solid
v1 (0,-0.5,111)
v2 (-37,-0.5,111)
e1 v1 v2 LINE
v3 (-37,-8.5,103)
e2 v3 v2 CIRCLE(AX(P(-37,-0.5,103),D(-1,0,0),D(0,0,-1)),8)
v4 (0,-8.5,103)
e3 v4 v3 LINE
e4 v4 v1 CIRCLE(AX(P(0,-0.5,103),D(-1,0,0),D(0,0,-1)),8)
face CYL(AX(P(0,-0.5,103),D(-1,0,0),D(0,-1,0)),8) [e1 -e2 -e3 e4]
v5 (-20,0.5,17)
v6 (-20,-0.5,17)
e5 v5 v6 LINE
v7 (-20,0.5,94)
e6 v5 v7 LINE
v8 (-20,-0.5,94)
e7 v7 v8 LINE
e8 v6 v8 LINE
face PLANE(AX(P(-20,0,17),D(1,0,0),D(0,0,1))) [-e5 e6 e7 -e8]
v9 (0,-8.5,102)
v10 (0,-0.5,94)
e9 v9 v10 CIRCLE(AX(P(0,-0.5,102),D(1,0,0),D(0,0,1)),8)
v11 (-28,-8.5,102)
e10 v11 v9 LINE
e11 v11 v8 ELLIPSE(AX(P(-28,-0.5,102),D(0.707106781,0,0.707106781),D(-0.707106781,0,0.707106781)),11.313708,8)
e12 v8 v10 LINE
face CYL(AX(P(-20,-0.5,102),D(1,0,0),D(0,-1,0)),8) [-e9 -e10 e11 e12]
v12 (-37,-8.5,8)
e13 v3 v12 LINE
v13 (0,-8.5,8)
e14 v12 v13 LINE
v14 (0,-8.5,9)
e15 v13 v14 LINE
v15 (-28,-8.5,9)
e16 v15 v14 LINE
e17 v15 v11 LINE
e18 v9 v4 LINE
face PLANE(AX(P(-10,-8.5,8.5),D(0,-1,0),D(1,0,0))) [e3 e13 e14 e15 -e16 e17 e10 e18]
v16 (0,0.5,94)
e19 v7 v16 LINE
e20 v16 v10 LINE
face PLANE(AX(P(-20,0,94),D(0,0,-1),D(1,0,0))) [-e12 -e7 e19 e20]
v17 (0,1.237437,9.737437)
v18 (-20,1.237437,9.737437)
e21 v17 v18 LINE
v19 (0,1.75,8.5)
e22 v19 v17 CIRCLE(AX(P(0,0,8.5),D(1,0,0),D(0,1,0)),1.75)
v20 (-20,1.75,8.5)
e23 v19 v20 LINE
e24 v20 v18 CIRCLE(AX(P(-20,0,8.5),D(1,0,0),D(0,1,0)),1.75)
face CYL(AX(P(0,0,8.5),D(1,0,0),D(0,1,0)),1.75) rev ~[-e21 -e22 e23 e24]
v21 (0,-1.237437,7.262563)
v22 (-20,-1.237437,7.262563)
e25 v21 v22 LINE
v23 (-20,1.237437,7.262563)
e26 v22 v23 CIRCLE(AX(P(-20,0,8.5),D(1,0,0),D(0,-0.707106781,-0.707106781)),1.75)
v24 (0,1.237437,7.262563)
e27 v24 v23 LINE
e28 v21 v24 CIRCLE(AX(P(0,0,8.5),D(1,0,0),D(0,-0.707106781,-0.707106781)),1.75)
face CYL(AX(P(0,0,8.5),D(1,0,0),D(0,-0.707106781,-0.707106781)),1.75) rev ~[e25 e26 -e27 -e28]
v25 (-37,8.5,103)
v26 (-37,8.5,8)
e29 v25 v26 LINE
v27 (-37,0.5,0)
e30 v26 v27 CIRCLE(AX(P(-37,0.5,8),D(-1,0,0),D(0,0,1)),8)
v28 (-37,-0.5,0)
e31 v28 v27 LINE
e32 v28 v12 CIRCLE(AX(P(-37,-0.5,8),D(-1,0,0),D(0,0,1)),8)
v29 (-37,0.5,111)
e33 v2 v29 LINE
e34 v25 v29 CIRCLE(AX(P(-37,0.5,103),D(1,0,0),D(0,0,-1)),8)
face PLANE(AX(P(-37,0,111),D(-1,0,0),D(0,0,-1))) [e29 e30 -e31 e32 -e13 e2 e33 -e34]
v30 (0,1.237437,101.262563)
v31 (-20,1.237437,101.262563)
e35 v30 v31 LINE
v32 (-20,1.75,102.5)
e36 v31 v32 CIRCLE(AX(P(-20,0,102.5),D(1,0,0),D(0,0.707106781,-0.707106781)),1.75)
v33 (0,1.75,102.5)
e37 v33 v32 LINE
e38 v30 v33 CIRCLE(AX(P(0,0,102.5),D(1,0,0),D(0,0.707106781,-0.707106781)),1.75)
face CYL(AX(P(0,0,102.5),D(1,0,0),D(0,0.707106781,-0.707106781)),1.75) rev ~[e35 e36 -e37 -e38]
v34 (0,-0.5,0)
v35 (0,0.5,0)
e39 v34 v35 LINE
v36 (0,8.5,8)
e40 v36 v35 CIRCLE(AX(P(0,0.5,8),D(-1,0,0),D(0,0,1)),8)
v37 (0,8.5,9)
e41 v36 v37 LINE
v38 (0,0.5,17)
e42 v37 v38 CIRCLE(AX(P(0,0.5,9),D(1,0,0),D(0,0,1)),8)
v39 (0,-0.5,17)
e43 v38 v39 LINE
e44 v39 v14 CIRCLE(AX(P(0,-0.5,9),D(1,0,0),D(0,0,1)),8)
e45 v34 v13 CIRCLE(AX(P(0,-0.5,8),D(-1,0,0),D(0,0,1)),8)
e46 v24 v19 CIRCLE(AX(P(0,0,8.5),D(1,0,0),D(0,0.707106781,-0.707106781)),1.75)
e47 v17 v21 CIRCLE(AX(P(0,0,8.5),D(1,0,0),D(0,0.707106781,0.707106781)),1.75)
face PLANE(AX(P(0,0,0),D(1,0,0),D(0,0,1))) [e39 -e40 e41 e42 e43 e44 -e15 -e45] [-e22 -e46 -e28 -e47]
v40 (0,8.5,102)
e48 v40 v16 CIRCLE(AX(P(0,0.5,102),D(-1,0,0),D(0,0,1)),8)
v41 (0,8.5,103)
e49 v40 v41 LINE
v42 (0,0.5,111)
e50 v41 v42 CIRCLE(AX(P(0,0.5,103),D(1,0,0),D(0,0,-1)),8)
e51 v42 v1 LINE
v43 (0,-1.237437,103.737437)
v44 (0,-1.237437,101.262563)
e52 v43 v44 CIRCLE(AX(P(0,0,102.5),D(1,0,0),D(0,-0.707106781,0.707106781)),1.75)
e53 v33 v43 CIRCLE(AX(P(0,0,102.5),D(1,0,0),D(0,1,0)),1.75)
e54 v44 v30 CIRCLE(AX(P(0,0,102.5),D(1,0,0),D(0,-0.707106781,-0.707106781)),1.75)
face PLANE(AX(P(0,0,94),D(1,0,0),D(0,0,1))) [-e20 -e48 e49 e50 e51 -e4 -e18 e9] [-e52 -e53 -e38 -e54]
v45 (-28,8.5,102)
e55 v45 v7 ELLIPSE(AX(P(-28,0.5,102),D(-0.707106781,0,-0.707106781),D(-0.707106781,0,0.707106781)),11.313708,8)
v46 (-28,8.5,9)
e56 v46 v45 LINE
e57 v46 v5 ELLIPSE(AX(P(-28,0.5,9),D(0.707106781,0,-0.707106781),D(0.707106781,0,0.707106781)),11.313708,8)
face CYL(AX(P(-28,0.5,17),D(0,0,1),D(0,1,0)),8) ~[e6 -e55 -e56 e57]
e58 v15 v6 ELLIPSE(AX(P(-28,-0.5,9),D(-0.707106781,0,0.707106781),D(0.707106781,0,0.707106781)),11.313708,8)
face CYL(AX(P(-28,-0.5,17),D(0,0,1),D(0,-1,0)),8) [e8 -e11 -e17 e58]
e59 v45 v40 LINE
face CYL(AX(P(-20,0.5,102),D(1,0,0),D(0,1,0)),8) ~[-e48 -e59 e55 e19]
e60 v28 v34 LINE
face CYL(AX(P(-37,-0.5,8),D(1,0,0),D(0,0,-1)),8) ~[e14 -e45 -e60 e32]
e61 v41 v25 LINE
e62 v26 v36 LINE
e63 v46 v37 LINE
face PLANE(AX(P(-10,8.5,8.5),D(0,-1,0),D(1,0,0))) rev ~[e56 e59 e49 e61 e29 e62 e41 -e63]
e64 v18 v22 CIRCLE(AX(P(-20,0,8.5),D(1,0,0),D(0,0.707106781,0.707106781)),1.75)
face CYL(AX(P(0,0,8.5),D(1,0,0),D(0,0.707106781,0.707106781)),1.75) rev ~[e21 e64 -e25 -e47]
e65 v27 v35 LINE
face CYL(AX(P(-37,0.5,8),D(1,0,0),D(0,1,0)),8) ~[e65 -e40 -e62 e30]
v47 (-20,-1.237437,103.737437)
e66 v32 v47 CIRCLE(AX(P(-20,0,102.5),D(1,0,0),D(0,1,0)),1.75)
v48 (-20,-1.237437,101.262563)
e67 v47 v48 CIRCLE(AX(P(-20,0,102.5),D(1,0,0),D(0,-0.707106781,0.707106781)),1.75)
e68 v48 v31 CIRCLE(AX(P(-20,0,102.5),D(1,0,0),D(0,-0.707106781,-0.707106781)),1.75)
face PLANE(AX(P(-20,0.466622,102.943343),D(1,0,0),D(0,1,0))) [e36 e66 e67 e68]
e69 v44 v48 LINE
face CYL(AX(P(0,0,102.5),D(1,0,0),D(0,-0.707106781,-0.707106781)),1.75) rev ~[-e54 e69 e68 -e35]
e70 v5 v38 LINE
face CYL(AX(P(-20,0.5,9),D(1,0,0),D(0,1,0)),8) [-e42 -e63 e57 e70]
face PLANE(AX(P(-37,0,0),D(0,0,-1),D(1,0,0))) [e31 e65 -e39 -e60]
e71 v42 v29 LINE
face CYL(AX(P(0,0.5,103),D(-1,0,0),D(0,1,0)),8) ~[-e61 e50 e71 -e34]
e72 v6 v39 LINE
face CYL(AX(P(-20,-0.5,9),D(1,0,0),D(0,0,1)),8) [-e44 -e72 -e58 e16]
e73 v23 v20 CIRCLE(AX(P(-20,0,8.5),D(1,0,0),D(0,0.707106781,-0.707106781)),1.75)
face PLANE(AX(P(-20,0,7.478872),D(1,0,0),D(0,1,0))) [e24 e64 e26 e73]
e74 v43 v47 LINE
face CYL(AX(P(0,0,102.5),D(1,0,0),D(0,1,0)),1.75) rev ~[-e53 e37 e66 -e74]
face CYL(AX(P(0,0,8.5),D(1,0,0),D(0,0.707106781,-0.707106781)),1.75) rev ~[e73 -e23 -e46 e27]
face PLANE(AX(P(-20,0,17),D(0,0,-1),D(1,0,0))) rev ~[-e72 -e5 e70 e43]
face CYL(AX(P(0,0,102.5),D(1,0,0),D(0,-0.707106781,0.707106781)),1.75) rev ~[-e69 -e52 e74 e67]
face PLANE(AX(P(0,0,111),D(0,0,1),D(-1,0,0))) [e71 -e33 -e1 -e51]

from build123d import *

# Parameters (mm, degrees)
F0_W     = 20
F0_H     = 17
F0_W_2   = 17
F0_H_2   = 77
F1_DEPTH = 8.5
F3_DEPTH = 20
F4_DEPTH = 20
F5_R     = 8


with BuildPart() as f1:
    # F0 (on Front) → F1 (new body, symmetric)
    with BuildSketch(Plane.XZ):
        with Locations((-10, 8.5)):
            Rectangle(F0_W, F0_H)
        Polygon((-37, 0), (-20, 0), (-20, 17), (-28.5, 8.5), align=None)
        with Locations((-28.5, 55.5)):
            Rectangle(F0_W_2, F0_H_2)
        Polygon((-28.5, 8.5), (-20, 17), (-37, 17), align=None)
        Polygon((-37, 17), (-37, 0), (-28.5, 8.5), align=None)
        Polygon((-37, 94), (-20, 94), (-20, 111), (-28.5, 102.5), align=None)
        with Locations((-10, 102.5)):
            Rectangle(F0_W, F0_H)
        Polygon((-28.5, 102.5), (-20, 111), (-37, 111), align=None)
        Polygon((-37, 111), (-37, 94), (-28.5, 102.5), align=None)
    extrude(amount=F1_DEPTH, both=True)

    # F2 (on face) → F3 (cut)
    with BuildSketch(Plane.YZ):
        with BuildLine():
            ThreePointArc((1.75, 102.5), (0.6696960066, 104.1167891819), (-1.2374368671, 103.7374368671))
            Line((-1.2374368671, 103.7374368671), (0, 102.5))
            Line((0, 102.5), (1.2374368671, 101.2625631329))
            ThreePointArc((1.2374368671, 101.2625631329), (1.6167891819, 101.8303039934), (1.75, 102.5))
        make_face()
        with BuildLine():
            Line((1.2374368671, 101.2625631329), (0, 102.5))
            Line((0, 102.5), (-1.2374368671, 101.2625631329))
            ThreePointArc((-1.2374368671, 101.2625631329), (0, 100.75), (1.2374368671, 101.2625631329))
        make_face()
        with BuildLine():
            Line((0, 102.5), (-1.2374368671, 103.7374368671))
            ThreePointArc((-1.2374368671, 103.7374368671), (-1.75, 102.5), (-1.2374368671, 101.2625631329))
            Line((-1.2374368671, 101.2625631329), (0, 102.5))
        make_face()
    extrude(amount=-F3_DEPTH, mode=Mode.SUBTRACT)

    # F2 (on face) → F4 (cut)
    with BuildSketch(Plane.YZ):
        with BuildLine():
            Line((0, 8.5), (-1.2374368671, 7.2625631329))
            ThreePointArc((-1.2374368671, 7.2625631329), (0, 6.75), (1.2374368671, 7.2625631329))
            Line((1.2374368671, 7.2625631329), (0, 8.5))
        make_face()
        with BuildLine():
            Line((1.2374368671, 9.7374368671), (0, 8.5))
            Line((0, 8.5), (1.2374368671, 7.2625631329))
            ThreePointArc((1.2374368671, 7.2625631329), (1.6167891819, 7.8303039934), (1.75, 8.5))
            ThreePointArc((1.75, 8.5), (1.6167891819, 9.1696960066), (1.2374368671, 9.7374368671))
        make_face()
        with BuildLine():
            ThreePointArc((1.2374368671, 9.7374368671), (-1.2374368671, 9.7374368671), (-1.2374368671, 7.2625631329))
            Line((-1.2374368671, 7.2625631329), (0, 8.5))
            Line((0, 8.5), (1.2374368671, 9.7374368671))
        make_face()
    extrude(amount=-F4_DEPTH, mode=Mode.SUBTRACT)

    # F5
    f5_edges = [f1.edges().sort_by_distance(p)[0] for p in [
        (-20, 8.5, 55.5),
        (-20, -8.5, 55.5),
        (-10, 8.5, 94),
        (-10, -8.5, 94),
        (-10, -8.5, 17),
        (-10, 8.5, 17),
        (-18.5, -8.5, 0),
        (-18.5, 8.5, 0),
        (-18.5, -8.5, 111),
        (-18.5, 8.5, 111),
    ]]
    fillet(f5_edges, radius=F5_R)


solid = f1.part
